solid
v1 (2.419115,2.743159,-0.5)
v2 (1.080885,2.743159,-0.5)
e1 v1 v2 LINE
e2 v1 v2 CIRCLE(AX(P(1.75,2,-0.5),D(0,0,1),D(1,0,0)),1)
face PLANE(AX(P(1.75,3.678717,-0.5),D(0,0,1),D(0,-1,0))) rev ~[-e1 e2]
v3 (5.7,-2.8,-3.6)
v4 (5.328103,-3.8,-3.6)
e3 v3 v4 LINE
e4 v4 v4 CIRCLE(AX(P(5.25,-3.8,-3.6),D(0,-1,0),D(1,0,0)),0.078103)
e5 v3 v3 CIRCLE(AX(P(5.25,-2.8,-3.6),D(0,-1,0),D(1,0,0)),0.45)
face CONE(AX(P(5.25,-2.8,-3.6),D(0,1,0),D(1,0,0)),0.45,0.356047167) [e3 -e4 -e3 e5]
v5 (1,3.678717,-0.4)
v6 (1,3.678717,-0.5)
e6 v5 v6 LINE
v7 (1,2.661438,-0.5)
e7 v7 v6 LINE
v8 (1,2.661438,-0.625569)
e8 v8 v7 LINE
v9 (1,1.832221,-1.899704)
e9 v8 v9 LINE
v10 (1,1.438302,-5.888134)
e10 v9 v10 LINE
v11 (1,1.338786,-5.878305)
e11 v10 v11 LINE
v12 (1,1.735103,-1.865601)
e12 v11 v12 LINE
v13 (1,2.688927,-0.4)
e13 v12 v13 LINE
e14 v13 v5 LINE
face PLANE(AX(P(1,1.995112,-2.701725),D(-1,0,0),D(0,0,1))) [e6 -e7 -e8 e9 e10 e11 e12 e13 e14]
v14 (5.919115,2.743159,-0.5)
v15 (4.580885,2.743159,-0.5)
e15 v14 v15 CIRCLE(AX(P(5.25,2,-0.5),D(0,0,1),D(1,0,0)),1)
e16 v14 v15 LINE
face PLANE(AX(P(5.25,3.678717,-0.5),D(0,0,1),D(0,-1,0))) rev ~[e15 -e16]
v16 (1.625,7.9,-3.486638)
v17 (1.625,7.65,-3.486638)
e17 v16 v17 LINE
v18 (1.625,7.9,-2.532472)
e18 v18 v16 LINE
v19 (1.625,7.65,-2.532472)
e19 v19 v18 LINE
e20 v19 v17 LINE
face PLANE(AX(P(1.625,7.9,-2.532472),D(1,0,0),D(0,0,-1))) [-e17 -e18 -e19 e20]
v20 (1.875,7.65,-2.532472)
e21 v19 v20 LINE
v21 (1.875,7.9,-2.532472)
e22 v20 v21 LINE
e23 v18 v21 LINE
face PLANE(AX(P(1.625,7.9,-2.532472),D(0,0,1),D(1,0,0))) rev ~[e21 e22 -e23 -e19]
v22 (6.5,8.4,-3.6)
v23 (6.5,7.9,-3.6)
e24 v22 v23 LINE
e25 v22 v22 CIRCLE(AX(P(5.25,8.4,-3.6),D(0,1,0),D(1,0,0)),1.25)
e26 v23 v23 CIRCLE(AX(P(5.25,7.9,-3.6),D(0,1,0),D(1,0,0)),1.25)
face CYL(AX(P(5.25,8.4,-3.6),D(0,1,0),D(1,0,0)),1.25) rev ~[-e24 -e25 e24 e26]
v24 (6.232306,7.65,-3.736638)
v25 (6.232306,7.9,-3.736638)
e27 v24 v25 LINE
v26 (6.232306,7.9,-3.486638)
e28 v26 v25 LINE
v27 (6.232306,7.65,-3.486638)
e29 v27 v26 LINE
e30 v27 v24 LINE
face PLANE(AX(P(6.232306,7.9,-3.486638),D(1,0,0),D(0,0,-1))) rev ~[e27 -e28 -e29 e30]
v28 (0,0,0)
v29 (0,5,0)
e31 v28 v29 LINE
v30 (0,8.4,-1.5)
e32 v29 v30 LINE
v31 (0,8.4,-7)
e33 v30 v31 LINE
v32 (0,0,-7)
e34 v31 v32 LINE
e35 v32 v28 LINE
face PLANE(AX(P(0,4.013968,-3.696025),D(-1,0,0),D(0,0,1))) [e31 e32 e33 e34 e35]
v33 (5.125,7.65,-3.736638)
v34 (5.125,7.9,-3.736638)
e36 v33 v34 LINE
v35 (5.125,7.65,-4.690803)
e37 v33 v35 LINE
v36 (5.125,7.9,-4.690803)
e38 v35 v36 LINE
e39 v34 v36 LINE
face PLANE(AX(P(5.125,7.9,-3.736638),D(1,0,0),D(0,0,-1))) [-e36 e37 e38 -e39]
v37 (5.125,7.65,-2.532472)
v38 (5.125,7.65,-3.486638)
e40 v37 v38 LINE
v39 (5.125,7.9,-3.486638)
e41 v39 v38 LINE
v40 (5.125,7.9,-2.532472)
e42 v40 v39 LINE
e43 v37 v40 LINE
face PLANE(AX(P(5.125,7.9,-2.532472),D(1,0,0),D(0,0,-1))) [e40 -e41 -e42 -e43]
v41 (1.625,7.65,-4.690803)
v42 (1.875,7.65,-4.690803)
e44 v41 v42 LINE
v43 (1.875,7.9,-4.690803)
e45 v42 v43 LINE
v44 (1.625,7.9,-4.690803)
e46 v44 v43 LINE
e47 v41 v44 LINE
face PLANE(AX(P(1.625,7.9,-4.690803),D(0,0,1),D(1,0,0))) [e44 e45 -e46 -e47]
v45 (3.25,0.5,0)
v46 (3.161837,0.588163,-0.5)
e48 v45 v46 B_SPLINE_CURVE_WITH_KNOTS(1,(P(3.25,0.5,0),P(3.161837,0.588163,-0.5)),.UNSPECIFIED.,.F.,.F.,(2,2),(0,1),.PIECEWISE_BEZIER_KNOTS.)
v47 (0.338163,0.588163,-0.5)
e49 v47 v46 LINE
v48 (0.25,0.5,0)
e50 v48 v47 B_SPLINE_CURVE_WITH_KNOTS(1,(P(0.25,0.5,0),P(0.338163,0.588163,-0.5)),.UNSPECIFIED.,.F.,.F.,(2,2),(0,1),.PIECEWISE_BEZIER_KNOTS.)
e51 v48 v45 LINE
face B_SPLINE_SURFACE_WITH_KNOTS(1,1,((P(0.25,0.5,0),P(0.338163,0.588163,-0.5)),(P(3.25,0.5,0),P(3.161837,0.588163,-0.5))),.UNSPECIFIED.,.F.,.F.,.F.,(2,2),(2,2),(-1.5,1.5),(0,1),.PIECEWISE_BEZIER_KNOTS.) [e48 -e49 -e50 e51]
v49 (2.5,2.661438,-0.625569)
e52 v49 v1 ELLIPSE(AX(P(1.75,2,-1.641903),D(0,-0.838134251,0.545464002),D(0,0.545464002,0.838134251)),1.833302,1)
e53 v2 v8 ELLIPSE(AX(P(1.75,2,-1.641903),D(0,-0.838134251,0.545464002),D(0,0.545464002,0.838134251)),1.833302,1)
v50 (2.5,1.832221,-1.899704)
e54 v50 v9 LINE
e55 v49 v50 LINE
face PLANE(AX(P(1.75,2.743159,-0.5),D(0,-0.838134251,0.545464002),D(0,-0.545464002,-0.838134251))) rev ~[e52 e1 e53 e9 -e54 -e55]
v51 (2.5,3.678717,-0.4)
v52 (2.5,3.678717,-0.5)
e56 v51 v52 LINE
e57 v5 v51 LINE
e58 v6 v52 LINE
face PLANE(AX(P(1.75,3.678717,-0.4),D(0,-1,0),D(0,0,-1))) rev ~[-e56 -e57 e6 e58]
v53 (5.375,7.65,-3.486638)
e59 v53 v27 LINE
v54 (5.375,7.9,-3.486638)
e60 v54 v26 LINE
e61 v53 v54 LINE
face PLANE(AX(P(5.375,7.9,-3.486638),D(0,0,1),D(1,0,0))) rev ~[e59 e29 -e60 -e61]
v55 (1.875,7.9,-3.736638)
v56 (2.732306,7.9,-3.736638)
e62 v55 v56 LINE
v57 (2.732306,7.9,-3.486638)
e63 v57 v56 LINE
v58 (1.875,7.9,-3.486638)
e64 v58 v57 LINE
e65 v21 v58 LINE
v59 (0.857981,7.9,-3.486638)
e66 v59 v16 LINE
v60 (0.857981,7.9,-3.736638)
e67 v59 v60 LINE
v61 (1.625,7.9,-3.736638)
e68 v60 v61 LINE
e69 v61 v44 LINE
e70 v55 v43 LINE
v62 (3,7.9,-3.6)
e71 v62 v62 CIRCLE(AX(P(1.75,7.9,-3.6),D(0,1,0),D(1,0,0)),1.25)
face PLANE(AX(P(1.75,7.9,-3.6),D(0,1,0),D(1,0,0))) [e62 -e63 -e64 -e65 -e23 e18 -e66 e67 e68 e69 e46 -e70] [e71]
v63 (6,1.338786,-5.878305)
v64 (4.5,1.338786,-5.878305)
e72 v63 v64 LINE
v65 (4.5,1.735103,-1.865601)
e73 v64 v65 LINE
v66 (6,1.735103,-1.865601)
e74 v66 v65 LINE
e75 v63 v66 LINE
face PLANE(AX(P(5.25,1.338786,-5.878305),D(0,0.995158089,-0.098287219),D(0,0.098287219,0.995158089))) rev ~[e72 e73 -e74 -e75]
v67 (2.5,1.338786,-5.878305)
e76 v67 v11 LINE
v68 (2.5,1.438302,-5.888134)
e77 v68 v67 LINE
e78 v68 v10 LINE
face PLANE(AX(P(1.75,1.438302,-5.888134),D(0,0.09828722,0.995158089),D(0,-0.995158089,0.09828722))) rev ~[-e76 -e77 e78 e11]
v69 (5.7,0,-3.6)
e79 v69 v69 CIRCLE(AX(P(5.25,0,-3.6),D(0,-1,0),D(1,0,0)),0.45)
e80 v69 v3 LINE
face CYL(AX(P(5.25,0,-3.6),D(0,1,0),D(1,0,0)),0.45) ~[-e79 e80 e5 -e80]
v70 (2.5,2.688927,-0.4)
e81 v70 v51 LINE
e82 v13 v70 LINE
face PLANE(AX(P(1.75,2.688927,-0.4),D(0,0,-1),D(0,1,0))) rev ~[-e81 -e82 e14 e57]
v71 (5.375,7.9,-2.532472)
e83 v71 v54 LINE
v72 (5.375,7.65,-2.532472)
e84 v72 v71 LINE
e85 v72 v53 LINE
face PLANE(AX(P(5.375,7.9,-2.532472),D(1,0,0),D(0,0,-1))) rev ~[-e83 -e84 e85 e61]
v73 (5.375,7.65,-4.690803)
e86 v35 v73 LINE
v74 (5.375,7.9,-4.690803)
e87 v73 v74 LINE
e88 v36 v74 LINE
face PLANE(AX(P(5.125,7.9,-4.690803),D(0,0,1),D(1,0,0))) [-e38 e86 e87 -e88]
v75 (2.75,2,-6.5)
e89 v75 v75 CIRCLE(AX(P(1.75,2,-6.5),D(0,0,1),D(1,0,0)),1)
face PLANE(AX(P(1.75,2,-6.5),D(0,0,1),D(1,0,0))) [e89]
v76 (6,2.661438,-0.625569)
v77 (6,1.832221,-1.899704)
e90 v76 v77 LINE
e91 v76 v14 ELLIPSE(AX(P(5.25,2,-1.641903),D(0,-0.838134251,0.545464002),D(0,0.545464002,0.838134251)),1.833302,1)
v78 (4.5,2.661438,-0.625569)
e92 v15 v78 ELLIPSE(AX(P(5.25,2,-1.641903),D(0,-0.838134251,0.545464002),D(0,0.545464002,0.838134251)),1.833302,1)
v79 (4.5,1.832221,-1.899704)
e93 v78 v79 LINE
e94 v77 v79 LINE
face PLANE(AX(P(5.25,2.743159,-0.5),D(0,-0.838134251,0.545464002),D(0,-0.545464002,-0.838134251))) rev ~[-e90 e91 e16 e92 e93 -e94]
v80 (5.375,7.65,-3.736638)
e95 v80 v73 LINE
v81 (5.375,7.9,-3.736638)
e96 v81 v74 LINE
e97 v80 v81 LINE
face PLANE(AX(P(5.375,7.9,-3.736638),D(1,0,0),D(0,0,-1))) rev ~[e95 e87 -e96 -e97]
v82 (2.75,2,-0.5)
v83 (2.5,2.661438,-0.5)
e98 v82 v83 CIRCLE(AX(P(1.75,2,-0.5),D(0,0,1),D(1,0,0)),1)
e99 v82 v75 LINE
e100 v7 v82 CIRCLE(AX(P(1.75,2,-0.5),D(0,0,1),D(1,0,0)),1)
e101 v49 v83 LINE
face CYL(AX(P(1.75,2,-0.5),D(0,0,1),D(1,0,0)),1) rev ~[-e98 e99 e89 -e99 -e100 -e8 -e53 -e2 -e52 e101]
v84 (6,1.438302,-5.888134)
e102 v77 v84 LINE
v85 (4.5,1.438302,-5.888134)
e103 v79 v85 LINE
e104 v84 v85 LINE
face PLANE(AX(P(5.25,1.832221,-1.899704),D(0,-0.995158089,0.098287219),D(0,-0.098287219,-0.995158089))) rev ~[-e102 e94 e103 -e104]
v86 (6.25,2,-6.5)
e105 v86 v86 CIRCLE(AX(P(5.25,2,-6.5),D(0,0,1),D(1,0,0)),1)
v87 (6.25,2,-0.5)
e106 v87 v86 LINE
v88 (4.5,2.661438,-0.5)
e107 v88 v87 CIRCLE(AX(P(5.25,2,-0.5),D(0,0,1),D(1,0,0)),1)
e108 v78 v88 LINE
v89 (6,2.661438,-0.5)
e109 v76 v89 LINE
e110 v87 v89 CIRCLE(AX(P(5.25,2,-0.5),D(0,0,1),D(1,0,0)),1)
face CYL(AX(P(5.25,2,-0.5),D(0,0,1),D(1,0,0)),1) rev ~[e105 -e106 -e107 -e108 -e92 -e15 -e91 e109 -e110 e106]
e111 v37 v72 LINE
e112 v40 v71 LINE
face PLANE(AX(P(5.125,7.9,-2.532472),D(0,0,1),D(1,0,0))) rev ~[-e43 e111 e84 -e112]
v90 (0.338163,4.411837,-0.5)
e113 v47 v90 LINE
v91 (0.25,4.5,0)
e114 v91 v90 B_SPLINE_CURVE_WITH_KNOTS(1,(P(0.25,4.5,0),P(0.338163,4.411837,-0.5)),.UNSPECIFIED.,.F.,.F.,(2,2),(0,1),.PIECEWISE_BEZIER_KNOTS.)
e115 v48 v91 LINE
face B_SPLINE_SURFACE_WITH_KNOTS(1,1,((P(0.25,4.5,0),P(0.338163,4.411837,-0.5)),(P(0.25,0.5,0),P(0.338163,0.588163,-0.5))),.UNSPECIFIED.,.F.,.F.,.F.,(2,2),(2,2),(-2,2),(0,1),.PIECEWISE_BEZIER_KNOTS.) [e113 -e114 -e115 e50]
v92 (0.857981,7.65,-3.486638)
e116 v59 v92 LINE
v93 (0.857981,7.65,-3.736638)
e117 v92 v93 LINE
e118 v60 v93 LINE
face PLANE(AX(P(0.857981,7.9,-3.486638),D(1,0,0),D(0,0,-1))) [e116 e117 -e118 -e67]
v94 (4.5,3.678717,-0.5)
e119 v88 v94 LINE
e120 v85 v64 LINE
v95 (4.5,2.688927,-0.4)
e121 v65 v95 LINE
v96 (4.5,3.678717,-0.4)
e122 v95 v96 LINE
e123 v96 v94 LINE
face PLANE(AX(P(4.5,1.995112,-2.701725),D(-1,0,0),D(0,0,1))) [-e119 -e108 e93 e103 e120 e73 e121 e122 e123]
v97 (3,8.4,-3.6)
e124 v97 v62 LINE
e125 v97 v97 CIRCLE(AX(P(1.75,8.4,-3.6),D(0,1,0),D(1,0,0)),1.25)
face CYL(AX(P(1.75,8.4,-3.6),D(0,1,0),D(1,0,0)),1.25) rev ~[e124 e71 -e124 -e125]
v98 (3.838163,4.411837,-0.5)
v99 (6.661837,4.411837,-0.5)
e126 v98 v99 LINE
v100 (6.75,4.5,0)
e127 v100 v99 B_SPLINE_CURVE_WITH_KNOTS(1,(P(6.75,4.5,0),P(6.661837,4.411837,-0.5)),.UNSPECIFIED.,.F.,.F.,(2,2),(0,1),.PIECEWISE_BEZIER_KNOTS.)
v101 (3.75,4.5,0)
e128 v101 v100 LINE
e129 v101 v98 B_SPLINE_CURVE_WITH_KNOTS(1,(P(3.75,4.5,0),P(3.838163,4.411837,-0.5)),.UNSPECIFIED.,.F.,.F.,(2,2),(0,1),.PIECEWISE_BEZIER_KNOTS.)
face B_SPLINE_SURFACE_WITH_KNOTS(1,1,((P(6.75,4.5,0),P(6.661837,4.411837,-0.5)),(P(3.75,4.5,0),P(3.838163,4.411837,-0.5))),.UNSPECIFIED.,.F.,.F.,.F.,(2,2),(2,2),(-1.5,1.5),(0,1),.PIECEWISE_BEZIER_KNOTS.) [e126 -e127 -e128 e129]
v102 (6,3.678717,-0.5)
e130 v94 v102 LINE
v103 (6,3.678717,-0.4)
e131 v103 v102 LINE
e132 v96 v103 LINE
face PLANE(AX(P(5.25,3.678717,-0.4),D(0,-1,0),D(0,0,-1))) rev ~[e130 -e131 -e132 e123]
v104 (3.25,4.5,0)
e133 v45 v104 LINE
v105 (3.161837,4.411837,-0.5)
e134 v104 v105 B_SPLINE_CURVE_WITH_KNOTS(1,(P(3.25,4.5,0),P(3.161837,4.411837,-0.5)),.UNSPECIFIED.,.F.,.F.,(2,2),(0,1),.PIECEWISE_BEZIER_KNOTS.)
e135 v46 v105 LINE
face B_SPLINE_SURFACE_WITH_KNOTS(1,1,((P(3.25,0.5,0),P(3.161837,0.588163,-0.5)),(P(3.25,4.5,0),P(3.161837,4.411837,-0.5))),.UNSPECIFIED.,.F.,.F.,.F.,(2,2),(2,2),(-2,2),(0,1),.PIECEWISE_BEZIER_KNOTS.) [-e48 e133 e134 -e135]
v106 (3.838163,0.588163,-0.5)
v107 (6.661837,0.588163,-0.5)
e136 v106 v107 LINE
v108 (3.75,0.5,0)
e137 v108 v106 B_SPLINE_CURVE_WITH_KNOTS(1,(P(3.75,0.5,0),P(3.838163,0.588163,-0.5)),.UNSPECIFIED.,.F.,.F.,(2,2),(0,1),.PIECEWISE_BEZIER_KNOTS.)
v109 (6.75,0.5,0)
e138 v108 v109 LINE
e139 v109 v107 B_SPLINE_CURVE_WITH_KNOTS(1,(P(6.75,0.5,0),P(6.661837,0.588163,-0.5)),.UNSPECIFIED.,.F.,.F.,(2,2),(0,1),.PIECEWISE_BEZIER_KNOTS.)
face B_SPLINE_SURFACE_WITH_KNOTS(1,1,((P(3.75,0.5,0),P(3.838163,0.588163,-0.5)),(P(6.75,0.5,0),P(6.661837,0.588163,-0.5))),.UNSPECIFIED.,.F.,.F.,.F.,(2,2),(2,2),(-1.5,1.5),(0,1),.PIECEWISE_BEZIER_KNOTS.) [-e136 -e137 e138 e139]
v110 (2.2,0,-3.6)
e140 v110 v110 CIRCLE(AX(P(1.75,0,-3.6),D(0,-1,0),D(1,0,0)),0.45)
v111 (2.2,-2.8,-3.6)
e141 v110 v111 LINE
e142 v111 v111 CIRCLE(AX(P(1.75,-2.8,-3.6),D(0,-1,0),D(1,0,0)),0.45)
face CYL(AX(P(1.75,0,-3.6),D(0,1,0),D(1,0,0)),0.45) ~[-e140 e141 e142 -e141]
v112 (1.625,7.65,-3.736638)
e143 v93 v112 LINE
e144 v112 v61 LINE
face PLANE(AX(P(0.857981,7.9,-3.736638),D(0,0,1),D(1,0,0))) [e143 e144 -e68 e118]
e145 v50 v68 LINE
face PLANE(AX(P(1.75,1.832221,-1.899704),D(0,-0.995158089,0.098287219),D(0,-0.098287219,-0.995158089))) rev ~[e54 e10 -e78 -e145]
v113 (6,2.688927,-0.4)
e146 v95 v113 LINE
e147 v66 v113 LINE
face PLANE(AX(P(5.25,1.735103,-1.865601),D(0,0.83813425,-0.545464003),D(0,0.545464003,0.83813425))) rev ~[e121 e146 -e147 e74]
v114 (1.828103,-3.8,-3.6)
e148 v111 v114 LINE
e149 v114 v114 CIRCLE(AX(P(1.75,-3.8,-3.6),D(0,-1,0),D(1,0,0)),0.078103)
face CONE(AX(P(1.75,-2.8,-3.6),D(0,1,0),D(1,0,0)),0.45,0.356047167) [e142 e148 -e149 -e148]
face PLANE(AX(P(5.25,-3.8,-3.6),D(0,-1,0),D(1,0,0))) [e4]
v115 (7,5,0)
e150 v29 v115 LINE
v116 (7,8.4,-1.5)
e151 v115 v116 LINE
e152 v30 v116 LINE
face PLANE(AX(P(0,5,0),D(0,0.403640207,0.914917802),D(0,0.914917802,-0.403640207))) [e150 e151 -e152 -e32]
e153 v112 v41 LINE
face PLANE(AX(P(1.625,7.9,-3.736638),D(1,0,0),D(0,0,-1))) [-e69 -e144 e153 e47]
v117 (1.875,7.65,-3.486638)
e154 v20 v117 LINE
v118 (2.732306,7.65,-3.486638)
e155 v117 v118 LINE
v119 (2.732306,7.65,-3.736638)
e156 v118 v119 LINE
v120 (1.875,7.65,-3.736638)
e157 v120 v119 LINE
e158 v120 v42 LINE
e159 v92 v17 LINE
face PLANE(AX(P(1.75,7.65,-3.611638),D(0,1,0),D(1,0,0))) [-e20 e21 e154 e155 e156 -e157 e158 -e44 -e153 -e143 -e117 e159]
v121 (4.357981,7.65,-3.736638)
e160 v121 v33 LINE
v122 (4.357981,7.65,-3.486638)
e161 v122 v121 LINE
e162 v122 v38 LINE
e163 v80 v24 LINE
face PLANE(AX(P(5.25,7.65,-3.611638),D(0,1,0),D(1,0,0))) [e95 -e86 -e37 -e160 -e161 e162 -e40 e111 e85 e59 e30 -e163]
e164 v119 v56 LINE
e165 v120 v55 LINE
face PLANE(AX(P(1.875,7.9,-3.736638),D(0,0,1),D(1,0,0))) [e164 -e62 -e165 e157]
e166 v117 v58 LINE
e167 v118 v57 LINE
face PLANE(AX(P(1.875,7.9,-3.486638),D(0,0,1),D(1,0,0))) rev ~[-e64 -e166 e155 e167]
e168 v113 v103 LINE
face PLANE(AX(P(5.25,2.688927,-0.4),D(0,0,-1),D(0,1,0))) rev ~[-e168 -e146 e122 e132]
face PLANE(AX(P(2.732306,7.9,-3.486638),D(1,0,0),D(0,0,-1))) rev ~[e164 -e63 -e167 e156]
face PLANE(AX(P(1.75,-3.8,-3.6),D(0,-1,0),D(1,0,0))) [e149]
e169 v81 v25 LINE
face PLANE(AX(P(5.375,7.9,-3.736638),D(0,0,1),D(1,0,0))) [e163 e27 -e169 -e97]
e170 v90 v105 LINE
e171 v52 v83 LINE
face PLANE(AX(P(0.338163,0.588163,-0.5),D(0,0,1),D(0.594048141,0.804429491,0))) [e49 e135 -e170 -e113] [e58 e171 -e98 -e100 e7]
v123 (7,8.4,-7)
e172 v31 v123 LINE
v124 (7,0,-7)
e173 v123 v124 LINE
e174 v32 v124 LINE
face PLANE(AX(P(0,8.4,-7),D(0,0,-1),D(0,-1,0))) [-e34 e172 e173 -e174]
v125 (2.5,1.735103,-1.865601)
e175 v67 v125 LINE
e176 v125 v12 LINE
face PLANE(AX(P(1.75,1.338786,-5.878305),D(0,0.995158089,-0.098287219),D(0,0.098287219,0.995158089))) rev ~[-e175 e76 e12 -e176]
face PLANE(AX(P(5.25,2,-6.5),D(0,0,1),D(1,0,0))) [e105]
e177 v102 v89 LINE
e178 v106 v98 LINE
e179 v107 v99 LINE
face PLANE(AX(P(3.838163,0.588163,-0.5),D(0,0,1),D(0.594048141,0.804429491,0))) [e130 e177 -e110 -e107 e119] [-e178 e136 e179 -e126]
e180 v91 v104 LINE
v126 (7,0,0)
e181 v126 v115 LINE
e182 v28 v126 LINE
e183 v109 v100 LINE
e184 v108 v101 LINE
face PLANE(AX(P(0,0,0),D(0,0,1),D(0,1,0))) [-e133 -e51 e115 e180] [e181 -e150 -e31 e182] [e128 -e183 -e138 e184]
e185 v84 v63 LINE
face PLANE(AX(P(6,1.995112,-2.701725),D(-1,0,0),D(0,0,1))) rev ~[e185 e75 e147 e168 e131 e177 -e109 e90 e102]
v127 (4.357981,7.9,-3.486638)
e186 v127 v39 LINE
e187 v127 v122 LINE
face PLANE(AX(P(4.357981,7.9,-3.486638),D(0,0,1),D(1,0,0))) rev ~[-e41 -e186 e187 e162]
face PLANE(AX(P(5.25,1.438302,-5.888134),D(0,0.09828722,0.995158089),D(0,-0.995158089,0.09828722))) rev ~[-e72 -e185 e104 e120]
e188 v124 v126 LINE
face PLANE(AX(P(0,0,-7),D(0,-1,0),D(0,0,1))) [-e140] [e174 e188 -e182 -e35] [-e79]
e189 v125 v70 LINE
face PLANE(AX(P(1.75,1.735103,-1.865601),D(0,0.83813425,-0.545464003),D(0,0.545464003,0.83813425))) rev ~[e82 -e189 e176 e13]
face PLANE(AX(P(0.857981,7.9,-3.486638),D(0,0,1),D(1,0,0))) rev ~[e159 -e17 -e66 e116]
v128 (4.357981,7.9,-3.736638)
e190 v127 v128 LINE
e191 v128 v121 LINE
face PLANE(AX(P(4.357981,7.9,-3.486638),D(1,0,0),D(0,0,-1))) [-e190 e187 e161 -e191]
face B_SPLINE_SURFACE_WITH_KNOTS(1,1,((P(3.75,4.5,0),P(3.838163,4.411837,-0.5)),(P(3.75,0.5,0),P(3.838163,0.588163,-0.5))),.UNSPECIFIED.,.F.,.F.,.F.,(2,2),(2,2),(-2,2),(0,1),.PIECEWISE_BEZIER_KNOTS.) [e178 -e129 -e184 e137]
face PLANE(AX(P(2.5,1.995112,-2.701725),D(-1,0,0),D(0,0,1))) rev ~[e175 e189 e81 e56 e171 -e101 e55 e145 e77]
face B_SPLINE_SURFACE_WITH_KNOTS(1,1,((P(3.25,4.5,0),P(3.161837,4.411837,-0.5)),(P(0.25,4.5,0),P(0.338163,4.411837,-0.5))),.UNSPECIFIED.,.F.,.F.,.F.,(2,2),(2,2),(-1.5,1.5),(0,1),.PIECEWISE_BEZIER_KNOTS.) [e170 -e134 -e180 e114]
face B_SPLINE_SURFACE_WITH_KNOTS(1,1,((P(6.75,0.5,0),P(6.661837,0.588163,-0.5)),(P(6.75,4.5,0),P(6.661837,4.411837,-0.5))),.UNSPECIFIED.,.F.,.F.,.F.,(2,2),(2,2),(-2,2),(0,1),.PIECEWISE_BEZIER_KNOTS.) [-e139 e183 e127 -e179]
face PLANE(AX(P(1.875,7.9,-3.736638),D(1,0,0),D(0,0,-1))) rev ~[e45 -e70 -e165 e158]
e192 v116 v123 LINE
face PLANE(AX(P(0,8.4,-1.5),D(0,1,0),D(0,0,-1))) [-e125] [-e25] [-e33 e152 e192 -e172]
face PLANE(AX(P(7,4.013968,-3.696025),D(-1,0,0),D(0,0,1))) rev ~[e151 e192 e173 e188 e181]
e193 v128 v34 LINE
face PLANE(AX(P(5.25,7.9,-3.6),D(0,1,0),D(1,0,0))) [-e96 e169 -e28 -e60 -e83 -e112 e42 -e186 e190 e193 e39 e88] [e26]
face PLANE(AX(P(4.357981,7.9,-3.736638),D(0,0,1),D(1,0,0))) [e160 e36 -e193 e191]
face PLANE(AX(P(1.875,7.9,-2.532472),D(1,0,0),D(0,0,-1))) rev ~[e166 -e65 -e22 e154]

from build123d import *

# Parameters (mm, degrees)
BOSS_EXTRUDE1_DEPTH         = 7
SKETCH2_R                   = 1.25
CUT_EXTRUDE1_DEPTH          = 0.5
SKETCH3_W                   = 3
SKETCH3_H                   = 4
CUT_EXTRUDE2_DEPTH          = 0.5
CUT_EXTRUDE2_TAPER          = 10
SKETCH4_R                   = 1
CUT_EXTRUDE3_DEPTH          = 6
SKETCH6_R                   = 0.45
BOSS_EXTRUDE3_DEPTH         = 3.8
CHAMFER1_SIZE               = 1
CHAMFER1_SIZE2              = 0.371896666
EXTRUDE_THIN1_DEPTH         = 0.75
SKETCH8_W                   = 0.25
SKETCH8_H                   = 2.158330758
SKETCH8_W_2                 = 1.874325027
SKETCH8_H_2                 = 0.25
CUT_EXTRUDE_THIN1_DEPTH     = 0.25
LPATTERN1_COUNT             = 2
LPATTERN1_PITCH             = 3.5
CHAMFER1_OF_LPATTERN1_SIZE2 = 0.371896666
CHAMFER1_OF_LPATTERN1_SIZE  = 1


with BuildPart() as part:
    # Sketch1 → Boss-Extrude1 (new body)
    with BuildSketch(Plane(origin=(0, 0, 0), x_dir=(0, 0, -1), z_dir=(1, 0, 0))):
        Polygon((0, 5), (1.5, 8.4), (7, 8.4), (7, 0), (0, 0), align=None)
    extrude(amount=BOSS_EXTRUDE1_DEPTH)

    # Sketch2 → Cut-Extrude1 (cut)
    with BuildSketch(Plane(origin=(0, 8.4, 0), x_dir=(1, 0, 0), z_dir=(0, 1, 0))):
        with Locations((1.75, 3.6)):
            Circle(SKETCH2_R)
    cut_extrude1 = extrude(amount=-CUT_EXTRUDE1_DEPTH, mode=Mode.SUBTRACT)

    # Sketch3 → Cut-Extrude2 (cut)
    with BuildSketch(Plane.XY):
        with Locations((1.75, 2.5)):
            Rectangle(SKETCH3_W, SKETCH3_H)
    cut_extrude2 = extrude(amount=-CUT_EXTRUDE2_DEPTH, taper=CUT_EXTRUDE2_TAPER, mode=Mode.SUBTRACT)

    # Sketch4 → Cut-Extrude3 (cut)
    with BuildSketch(Plane.XY.offset(-0.5)):
        with Locations((1.75, 2)):
            Circle(SKETCH4_R)
    cut_extrude3 = extrude(amount=-CUT_EXTRUDE3_DEPTH, mode=Mode.SUBTRACT)

    # Sketch6 → Boss-Extrude3 (add)
    with BuildSketch(Plane.XZ):
        with Locations((1.75, -3.6)):
            Circle(SKETCH6_R)
    boss_extrude3 = extrude(amount=BOSS_EXTRUDE3_DEPTH)

    # Chamfer1
    chamfer1_edges = [part.edges().sort_by_distance(p)[0] for p in [
        (1.3, -3.8, -3.6),
    ]]
    chamfer1_side = [part.faces().sort_by_distance(p)[0] for p in [
        (1.3, -1.9, -3.6),
    ]]
    chamfer(chamfer1_edges, length=CHAMFER1_SIZE, length2=CHAMFER1_SIZE2, reference=chamfer1_side[0])

    # Sketch7 → Extrude-Thin1 (add, symmetric)
    with BuildSketch(Plane(origin=(1.75, 0, 0), x_dir=(0, 0, -1), z_dir=(1, 0, 0))):
        Polygon((0.5, 3.678716588), (0.5, 2.743158903), (1.89970396, 1.832221158), (5.88813409, 1.438302133), (5.878305368, 1.338786324), (1.865601336, 1.735102771), (0.4, 2.688927019), (0.4, 3.678716588), align=None)
    extrude_thin1 = extrude(amount=EXTRUDE_THIN1_DEPTH, both=True)

    # Sketch8 → Cut-Extrude-Thin1 (cut, symmetric)
    with BuildSketch(Plane(origin=(0, 7.9, 0), x_dir=(1, 0, 0), z_dir=(0, 1, 0))):
        with Locations((1.75, 3.611637798)):
            Rectangle(SKETCH8_W, SKETCH8_H)
        with Locations((1.795143175, 3.611637798)):
            Rectangle(SKETCH8_W_2, SKETCH8_H_2)
    cut_extrude_thin1 = extrude(amount=CUT_EXTRUDE_THIN1_DEPTH, both=True, mode=Mode.SUBTRACT)

    # LPattern1: Cut-Extrude1, Cut-Extrude2, Cut-Extrude3, Boss-Extrude3, Extrude-Thin1, Cut-Extrude-Thin1 ×2
    with Locations(*[(i * LPATTERN1_PITCH, 0, 0) for i in range(1, LPATTERN1_COUNT)]):
        add(cut_extrude1, mode=Mode.SUBTRACT)
        add(cut_extrude2, mode=Mode.SUBTRACT)
        add(cut_extrude3, mode=Mode.SUBTRACT)
        add(boss_extrude3)
        add(extrude_thin1)
        add(cut_extrude_thin1, mode=Mode.SUBTRACT)

    # Chamfer1 of LPattern1
    chamfer1_of_lpattern1_edges = [part.edges().sort_by_distance(p)[0] for p in [
        (4.8, -3.8, -3.6),
    ]]
    chamfer(chamfer1_of_lpattern1_edges, length=CHAMFER1_OF_LPATTERN1_SIZE, length2=CHAMFER1_OF_LPATTERN1_SIZE2)


solid = part.part
